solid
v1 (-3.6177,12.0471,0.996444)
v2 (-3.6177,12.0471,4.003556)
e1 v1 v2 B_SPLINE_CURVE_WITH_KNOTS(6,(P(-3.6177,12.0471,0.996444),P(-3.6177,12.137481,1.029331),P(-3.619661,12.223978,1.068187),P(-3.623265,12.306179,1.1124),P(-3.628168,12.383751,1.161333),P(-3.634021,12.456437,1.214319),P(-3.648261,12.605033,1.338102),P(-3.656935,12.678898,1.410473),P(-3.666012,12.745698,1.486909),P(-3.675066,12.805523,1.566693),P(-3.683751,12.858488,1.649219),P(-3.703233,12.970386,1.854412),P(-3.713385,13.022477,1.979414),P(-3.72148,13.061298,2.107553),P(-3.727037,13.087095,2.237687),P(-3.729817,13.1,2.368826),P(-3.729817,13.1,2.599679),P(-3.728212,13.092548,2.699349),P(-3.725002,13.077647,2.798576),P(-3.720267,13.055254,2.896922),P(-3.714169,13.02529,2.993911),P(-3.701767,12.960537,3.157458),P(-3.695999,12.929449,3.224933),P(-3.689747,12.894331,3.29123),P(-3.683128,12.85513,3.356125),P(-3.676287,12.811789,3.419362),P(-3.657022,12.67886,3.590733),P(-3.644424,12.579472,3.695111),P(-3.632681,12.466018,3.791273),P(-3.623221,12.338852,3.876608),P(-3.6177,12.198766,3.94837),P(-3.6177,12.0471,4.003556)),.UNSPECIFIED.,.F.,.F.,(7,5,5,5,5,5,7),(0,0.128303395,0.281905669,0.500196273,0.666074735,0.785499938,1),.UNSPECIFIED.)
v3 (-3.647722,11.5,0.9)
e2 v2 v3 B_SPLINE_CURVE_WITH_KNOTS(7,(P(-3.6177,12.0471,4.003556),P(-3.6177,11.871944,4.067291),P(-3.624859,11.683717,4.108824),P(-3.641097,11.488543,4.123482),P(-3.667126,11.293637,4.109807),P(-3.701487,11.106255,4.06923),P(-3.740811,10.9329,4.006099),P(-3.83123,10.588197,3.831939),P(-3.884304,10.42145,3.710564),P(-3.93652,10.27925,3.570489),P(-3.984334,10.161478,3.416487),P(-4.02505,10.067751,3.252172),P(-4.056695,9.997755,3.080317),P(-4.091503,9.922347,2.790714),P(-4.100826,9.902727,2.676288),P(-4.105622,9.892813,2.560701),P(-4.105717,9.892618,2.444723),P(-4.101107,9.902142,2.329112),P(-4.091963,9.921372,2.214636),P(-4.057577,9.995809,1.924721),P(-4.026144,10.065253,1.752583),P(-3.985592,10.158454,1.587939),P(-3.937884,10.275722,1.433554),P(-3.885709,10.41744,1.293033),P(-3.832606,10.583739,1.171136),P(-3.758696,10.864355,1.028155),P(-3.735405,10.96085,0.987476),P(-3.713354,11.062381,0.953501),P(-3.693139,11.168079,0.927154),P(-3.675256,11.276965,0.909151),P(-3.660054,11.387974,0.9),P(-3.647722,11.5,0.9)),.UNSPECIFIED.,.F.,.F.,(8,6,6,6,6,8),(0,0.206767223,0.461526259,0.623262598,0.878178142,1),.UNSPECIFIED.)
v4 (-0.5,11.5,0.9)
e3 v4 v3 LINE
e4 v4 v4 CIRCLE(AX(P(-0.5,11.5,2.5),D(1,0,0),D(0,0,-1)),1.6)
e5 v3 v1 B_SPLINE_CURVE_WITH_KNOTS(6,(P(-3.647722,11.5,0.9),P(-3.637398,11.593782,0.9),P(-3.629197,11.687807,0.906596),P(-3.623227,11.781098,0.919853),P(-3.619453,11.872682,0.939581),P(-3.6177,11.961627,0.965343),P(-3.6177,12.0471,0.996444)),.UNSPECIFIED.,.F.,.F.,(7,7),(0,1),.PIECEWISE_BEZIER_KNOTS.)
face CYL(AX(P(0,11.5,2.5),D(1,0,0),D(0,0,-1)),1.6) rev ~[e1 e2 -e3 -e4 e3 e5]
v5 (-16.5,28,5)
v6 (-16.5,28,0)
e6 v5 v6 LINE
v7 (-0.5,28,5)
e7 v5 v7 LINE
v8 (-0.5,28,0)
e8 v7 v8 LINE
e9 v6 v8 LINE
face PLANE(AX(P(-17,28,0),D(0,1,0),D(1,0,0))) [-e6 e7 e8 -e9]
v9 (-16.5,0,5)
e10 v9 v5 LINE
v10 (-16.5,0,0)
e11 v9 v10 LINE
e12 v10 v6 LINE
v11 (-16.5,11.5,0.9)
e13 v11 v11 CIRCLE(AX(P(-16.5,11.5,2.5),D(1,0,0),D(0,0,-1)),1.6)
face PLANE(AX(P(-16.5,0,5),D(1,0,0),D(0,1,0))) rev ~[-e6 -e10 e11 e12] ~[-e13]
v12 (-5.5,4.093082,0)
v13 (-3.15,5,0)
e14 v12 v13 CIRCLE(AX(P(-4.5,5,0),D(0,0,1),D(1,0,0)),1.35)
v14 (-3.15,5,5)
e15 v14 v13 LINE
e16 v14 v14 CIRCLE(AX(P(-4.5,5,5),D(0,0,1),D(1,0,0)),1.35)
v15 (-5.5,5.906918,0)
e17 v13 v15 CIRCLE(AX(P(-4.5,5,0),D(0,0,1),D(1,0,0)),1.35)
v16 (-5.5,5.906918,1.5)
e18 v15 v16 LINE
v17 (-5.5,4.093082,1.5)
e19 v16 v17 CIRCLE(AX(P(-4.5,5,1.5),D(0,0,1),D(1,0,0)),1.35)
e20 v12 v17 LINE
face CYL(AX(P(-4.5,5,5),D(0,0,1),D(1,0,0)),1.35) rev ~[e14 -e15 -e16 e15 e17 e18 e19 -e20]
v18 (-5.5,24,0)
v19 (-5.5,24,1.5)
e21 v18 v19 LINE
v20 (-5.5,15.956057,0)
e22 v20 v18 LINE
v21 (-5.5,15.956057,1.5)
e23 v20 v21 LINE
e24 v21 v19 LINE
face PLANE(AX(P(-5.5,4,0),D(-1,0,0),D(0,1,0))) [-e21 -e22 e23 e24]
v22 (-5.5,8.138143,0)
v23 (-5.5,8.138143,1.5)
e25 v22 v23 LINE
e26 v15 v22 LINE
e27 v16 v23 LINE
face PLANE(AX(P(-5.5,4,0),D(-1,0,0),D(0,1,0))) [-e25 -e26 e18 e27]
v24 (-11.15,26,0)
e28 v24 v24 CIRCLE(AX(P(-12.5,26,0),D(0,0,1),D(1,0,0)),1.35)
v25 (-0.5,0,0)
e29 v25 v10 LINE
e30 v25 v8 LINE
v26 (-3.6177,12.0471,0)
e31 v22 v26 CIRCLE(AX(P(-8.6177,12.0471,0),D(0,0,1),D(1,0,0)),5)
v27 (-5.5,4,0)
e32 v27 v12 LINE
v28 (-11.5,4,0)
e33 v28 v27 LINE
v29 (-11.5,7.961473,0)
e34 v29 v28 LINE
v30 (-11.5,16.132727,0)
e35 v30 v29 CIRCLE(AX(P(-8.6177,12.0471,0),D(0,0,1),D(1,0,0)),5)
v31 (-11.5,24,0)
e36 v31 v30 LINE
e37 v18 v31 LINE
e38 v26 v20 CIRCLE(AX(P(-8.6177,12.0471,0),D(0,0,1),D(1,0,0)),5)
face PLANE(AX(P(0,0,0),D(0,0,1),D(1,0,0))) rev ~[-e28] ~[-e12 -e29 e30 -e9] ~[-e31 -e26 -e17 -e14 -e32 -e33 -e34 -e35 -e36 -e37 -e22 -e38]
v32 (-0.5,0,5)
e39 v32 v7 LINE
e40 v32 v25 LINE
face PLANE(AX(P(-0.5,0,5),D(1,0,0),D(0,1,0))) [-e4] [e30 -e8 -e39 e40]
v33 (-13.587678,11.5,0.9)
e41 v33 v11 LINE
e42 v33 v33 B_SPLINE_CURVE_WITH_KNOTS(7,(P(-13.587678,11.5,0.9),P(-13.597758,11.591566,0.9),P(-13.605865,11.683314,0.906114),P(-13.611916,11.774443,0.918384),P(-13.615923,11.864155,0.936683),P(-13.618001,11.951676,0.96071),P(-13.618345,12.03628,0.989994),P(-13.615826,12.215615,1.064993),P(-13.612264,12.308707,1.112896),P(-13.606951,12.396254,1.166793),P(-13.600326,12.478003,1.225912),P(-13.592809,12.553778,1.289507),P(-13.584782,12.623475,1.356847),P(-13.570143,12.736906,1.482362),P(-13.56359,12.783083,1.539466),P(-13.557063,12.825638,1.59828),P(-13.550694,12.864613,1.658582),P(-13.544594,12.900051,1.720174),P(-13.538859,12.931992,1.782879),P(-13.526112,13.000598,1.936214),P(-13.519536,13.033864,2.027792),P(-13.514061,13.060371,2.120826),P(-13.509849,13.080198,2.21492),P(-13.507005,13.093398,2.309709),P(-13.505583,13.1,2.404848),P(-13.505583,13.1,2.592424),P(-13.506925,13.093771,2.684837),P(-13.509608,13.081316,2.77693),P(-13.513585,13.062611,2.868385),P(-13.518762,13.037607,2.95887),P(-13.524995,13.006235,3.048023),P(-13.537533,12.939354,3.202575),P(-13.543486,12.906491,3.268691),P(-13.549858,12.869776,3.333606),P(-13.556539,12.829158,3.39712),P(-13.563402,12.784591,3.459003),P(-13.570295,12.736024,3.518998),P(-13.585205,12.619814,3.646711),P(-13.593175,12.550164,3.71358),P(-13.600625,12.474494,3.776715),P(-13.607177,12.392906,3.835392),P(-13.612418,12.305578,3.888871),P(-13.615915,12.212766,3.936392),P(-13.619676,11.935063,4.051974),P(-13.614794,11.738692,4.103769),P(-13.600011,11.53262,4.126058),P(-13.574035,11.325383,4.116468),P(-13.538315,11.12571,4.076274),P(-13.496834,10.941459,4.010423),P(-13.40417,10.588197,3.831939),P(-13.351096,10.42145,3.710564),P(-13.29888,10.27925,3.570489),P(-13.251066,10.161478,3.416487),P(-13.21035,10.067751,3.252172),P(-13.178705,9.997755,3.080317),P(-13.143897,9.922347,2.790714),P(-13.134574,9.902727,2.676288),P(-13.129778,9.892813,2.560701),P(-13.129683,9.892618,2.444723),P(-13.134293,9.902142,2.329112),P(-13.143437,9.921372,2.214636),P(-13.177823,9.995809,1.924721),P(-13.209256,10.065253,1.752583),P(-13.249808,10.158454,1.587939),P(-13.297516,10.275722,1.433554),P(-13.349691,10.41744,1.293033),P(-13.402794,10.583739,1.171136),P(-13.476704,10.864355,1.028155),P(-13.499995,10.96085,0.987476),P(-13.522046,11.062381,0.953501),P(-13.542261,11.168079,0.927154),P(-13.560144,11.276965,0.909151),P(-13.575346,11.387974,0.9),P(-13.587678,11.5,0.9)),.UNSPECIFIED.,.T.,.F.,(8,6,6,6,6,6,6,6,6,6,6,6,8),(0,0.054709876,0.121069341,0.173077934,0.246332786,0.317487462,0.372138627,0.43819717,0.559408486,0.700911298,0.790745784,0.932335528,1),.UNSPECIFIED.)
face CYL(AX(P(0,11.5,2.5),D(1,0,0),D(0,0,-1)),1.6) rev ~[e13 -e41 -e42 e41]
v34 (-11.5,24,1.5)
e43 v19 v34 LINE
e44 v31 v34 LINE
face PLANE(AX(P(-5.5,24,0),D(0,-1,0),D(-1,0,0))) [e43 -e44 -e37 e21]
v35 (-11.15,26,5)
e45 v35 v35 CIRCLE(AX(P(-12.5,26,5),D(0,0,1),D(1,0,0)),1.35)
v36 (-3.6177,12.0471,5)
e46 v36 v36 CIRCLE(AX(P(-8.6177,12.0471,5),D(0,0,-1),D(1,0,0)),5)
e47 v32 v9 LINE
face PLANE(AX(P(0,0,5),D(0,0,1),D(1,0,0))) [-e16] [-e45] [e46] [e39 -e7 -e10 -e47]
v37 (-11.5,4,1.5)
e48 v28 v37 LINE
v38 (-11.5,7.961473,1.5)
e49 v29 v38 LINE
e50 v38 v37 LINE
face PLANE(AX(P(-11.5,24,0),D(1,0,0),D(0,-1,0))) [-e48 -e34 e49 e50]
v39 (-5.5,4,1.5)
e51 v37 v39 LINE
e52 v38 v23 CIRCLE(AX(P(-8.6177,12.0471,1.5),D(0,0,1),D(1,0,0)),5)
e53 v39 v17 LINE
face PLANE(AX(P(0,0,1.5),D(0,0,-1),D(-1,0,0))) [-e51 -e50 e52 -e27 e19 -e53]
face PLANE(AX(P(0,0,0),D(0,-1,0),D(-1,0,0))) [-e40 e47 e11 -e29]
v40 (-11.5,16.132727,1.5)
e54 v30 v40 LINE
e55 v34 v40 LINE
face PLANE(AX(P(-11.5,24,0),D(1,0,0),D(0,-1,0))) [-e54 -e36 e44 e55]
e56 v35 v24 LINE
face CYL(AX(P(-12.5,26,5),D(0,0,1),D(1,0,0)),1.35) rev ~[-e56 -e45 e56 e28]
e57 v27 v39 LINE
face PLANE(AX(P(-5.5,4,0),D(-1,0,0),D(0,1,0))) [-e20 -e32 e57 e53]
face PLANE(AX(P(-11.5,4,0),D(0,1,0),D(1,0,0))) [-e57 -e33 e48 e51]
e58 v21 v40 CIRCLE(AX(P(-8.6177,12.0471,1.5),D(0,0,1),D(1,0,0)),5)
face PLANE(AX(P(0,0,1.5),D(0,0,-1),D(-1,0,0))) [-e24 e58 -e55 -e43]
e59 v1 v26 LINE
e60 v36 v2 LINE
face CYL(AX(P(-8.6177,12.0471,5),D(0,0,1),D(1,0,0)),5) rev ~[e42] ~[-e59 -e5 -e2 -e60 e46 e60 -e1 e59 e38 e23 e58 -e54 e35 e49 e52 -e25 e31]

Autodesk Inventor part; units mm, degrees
ref_plane "YZ Plane" through (0, 0, 0) normal (1, 0, 0) x (0, 1, 0)
ref_plane "XZ Plane" through (0, 0, 0) normal (0, 1, 0) x (-1, 0, 0)
ref_plane "XY Plane" through (0, 0, 0) normal (0, 0, 1) x (1, 0, 0)
sketch "Sketch2" plane through (0, 0, 0) normal (0, 0, 1) x (1, 0, 0)
  line L0 (-17, 28) -> (0, 28)
  line L1 (0, 28) -> (0, 17)
  line L2 (0, 7) -> (0, 0)
  line L3 (0, 0) -> (-17, 0)
  line L4 (-17, 0) -> (-17, 7)
  line L5 (-17, 28) -> (-17, 17)
  line L6 (-17, 17) -> (-17, 7)
  line L7 (0, 17) -> (0, 7)
  dimension "d0" = 17
  dimension "d1" = 28
extrude "Extrusion1" add sketch "Sketch2" along normal blind 5
sketch "Sketch4" plane through (0, 0, 0) normal (0, 0, -1) x (-1, 0, 0)
  line L0 (17, 28) -> (0, 28) projected
  line L1 (0, 28) -> (0, 0) projected
  line L2 (0, 0) -> (17, 0) projected
  line L3 (17, 0) -> (17, 28) projected
  line L4 (0, 28) -> (17, 28) projected
  line L5 (11.5, 24) -> (11.5, 4)
  line L6 (11.5, 4) -> (5.5, 4)
  line L7 (5.5, 4) -> (5.5, 24)
  line L8 (5.5, 24) -> (11.5, 24)
  dimension "d15" = 6
  dimension "d17" = 5.5
  dimension "d30" = 20
  dimension "d31" = 4
extrude "Extrusion3" cut sketch "Sketch4" against normal blind 1.5 contours L5 L6 L7 L8
sketch "Sketch5" plane through (0, 0, 5) normal (0, 0, 1) x (1, 0, 0)
  line L0 (0, 28) -> (-17, 28) projected
  line L1 (-17, 28) -> (-17, 0) projected
  line L2 (-17, 0) -> (0, 0) projected
  line L3 (0, 0) -> (0, 28) projected
  line L4 (-21, 17) -> (4, 7)
  line L5 (-21.4753, 7) -> (4, 17)
  circle A0 centre (-8.6177, 12.0471) radius 5
  dimension "d20" = 10
  dimension "d21" = 12.0471
extrude "Extrusion4" cut sketch "Sketch5" against normal through all contours A0 L4 L5 | L5 L4 A0 | L4 L5 A0 | A0 L5 L4
sketch "Sketch6" plane through (0, 0, 5) normal (0, 0, 1) x (1, 0, 0)
  circle A0 centre (-8.6177, 12.0471) radius 5 projected
  line L0 (0, 28) -> (-17, 28) projected
  line L1 (-17, 28) -> (-17, 0) projected
  line L2 (-17, 0) -> (0, 0) projected
  line L3 (0, 0) -> (0, 28) projected
  circle A1 centre (-12.5, 26) radius 1.35
  dimension "d24" = 2.7
  dimension "d25" = 4.5
  dimension "d26" = 2
extrude "Extrusion5" cut sketch "Sketch6" against normal through all contours A1
sketch "Sketch7" plane through (0, 0, 5) normal (0, 0, 1) x (1, 0, 0)
  line L0 (0, 0) -> (0, 28) projected
  line L1 (-17, 0) -> (0, 0) projected
  circle A0 centre (-4.5, 5) radius 1.35
  point P0 (0, 7)
  dimension "d32" = 2.7
  dimension "d33" = 4.5
  dimension "d34" = 5
extrude "Extrusion6" cut sketch "Sketch7" against normal through all
sketch "Sketch8" plane through (0, 0, 0) normal (1, 0, 0) x (0, 0, -1)
  circle A0 centre (-2.5, 11.5) radius 1.6
  line L0 (-5, 0) -> (-5, 28) projected
  line L1 (0, 0) -> (-5, 0) projected
  point P0 (0, -7)
  dimension "d37" = 3.2
  dimension "d41" = 11.5
  dimension "d49" = 2.5
extrude "Extrusion8" cut sketch "Sketch8" against normal through all
sketch "Sketch9" plane through (0, 0, 5) normal (0, 0, 1) x (1, 0, 0)
  circle A0 centre (-4.5, 5) radius 1.35 projected
  circle A1 centre (-12.5, 26) radius 1.35 projected
  circle A2 centre (-8.6177, 12.0471) radius 5 projected
  line L0 (0, 28) -> (-17, 28) projected
  line L1 (-17, 28) -> (-17, 0) projected
  line L2 (-17, 0) -> (0, 0) projected
  line L3 (0, 0) -> (0, 28) projected
  line L4 (-17, 0) -> (-16.5, 0)
  line L5 (-16.5, 0) -> (-16.5, 28)
  line L6 (-16.5, 28) -> (-17, 28)
  line L7 (-17, 28) -> (-17, 0)
  line L8 (0, 0) -> (-0.5, 0)
  line L9 (-0.5, 0) -> (-0.5, 28)
  line L10 (-0.5, 28) -> (0, 28)
  line L11 (0, 28) -> (0, 0)
  dimension "d47" = 0.5
  dimension "d48" = 0.5
extrude "Extrusion9" cut sketch "Sketch9" against normal through all contours L3 L2 L9 L0 | L5 L2 L1 L0
properties part number "tapaA0.2"
